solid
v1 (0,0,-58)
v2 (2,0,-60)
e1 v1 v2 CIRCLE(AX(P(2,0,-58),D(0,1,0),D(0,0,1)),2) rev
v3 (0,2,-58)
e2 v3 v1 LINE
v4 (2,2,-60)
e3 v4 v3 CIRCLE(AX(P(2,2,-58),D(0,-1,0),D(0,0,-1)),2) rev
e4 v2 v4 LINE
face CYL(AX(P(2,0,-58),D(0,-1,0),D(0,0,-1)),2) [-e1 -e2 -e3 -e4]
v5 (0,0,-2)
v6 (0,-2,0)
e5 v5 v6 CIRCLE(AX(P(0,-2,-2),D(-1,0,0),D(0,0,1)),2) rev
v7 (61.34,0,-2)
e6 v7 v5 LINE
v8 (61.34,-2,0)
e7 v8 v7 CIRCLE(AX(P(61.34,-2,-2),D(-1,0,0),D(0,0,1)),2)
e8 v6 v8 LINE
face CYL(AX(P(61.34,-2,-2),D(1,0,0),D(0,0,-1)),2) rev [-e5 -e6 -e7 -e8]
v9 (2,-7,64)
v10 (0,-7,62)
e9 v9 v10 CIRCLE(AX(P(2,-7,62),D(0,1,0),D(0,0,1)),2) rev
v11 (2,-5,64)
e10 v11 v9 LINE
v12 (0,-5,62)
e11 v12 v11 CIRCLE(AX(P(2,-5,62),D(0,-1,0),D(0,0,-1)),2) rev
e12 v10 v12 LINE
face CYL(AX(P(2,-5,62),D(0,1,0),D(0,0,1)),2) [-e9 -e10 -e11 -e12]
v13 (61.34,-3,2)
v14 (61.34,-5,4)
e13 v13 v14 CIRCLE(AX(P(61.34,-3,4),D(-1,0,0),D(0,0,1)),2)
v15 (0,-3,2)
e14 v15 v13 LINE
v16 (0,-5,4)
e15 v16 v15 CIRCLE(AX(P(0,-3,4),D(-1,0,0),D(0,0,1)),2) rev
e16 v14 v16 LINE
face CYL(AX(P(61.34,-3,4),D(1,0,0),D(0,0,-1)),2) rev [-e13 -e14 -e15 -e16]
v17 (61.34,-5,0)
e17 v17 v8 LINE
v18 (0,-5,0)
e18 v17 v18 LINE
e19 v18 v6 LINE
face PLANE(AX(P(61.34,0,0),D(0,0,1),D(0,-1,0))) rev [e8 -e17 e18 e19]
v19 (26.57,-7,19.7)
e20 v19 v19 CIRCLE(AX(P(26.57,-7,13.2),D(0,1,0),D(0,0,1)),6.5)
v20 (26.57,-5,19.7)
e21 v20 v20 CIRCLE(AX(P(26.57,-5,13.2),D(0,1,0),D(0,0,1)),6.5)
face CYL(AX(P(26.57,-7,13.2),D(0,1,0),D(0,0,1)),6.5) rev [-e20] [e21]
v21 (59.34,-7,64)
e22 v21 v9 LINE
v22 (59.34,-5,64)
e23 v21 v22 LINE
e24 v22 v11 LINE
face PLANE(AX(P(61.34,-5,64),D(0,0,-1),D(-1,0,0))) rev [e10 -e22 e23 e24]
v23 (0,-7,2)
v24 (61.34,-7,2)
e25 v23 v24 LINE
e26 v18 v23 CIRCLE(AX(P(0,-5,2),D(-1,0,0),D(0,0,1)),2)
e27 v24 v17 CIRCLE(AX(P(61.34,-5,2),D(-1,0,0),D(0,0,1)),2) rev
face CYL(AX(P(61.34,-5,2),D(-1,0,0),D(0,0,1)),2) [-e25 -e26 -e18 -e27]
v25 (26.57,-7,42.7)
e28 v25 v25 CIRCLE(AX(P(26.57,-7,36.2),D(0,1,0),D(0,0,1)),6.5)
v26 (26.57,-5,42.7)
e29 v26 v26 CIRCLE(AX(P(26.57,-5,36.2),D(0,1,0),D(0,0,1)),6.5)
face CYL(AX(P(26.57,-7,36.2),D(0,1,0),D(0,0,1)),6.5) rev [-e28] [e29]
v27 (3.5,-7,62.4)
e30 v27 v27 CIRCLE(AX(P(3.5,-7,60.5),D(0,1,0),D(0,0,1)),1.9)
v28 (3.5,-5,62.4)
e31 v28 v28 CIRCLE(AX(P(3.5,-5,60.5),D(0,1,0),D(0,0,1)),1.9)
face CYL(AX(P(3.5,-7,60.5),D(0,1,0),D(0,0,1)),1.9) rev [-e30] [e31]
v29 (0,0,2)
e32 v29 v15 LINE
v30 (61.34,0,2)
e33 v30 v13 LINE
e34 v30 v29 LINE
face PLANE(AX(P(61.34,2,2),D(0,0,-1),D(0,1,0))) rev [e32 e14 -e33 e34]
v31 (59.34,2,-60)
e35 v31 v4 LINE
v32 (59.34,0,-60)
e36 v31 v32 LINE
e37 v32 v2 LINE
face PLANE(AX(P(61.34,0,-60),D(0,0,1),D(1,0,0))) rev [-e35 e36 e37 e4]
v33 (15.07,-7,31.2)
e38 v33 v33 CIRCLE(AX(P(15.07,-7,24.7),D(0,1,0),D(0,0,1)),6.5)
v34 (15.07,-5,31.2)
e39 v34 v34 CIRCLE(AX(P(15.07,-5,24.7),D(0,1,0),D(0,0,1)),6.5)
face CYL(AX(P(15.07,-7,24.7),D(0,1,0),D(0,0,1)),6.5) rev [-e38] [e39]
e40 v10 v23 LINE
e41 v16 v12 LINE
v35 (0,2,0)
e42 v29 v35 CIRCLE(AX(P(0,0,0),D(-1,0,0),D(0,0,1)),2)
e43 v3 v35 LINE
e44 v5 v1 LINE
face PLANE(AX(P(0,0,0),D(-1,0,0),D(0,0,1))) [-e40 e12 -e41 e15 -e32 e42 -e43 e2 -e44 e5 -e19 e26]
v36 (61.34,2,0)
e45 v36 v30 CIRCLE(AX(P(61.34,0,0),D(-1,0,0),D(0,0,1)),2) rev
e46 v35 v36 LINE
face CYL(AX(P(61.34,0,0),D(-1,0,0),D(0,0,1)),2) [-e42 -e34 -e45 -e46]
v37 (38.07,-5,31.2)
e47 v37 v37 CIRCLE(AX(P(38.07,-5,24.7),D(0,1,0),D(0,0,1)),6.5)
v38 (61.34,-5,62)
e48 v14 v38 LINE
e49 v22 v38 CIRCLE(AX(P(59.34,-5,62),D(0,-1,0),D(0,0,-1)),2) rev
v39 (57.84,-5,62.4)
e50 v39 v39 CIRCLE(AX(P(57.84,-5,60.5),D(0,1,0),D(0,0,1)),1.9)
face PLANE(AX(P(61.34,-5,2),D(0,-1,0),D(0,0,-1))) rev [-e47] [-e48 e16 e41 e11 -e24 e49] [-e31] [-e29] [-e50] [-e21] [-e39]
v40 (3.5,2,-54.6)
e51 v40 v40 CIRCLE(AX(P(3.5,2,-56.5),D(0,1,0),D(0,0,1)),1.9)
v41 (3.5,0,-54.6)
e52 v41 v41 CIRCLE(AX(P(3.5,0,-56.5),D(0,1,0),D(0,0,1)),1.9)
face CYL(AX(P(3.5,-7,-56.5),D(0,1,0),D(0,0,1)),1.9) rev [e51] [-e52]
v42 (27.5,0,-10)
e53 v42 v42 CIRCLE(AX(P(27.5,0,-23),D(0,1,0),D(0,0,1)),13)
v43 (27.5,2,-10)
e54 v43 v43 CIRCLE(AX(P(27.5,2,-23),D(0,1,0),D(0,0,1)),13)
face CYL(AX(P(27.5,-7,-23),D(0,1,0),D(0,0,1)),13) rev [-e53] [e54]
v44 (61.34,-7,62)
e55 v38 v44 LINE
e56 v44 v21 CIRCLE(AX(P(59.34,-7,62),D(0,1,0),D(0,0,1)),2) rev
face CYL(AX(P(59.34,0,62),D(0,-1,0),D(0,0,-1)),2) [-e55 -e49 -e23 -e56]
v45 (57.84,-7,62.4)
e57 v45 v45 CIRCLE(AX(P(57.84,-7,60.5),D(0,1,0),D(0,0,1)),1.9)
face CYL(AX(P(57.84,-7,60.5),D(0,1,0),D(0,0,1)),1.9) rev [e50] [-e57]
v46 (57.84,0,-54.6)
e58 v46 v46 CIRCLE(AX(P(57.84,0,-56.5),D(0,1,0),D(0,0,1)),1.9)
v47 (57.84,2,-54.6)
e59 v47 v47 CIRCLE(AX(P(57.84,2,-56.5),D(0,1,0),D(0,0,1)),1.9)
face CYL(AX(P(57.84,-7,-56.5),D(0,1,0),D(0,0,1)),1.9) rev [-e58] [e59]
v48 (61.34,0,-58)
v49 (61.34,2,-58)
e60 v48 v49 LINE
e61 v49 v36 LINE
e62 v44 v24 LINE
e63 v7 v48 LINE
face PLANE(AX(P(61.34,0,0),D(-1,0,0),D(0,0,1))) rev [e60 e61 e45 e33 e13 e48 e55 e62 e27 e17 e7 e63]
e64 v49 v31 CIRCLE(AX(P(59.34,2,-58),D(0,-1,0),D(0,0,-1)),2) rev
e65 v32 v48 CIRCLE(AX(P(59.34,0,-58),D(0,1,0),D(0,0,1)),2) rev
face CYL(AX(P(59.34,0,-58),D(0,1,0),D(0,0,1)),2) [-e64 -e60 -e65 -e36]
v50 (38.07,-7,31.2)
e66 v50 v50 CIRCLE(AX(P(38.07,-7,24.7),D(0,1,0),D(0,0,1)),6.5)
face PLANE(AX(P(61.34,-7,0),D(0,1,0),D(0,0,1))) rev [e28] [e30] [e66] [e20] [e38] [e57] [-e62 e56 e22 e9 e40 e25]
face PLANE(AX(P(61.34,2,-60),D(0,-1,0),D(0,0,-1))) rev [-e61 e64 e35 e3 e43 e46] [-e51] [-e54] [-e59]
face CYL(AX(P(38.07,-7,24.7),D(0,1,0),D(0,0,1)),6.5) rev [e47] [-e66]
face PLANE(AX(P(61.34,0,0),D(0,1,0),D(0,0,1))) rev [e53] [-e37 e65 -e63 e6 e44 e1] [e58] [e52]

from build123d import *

# Parameters (mm, degrees)
BOSS_EXTRUDE1_DEPTH = 61.34
SKETCH3_R           = 13
SKETCH3_R_2         = 1.9
CUT_EXTRUDE1_DEPTH  = 90.104408421
SKETCH4_R           = 6.5
SKETCH4_R_2         = 1.9
CUT_EXTRUDE2_DEPTH  = 89.924662496
FILLET1_R           = 2
FILLET3_R           = 2


with BuildPart() as part:
    # Sketch2 → Boss-Extrude1 (new body)
    with BuildSketch(Plane(origin=(0, 0, 0), x_dir=(0, 0, -1), z_dir=(1, 0, 0))):
        Polygon((0, 0), (60, 0), (60, 2), (-2, 2), (-2, -5), (-64, -5), (-64, -7), (0, -7), align=None)
    extrude(amount=BOSS_EXTRUDE1_DEPTH)

    # Sketch3 → Cut-Extrude1 (cut, through all)
    with BuildSketch(Plane(origin=(0, 2, 0), x_dir=(1, 0, 0), z_dir=(0, 1, 0))):
        with Locations(Location((27.5, 23, 0), (0, 0, 270))):
            Circle(SKETCH3_R)
        with Locations(Location((57.84, 56.5, 0), (0, 0, 270))):
            Circle(SKETCH3_R_2)
        with Locations(Location((3.5, 56.5, 0), (0, 0, 270))):
            Circle(SKETCH3_R_2)
    extrude(amount=-CUT_EXTRUDE1_DEPTH, mode=Mode.SUBTRACT)

    # Sketch4 → Cut-Extrude2 (cut, through all)
    with BuildSketch(Plane(origin=(0, -5, 0), x_dir=(1, 0, 0), z_dir=(0, 1, 0))):
        with Locations(Location((38.07, -24.7, 0), (0, 0, 270))):
            Circle(SKETCH4_R)
        with Locations(Location((26.57, -36.2, 0), (0, 0, 270))):
            Circle(SKETCH4_R)
        with Locations(Location((15.07, -24.7, 0), (0, 0, 270))):
            Circle(SKETCH4_R)
        with Locations(Location((26.57, -13.2, 0), (0, 0, 270))):
            Circle(SKETCH4_R)
        with Locations(Location((57.84, -60.5, 0), (0, 0, 270))):
            Circle(SKETCH4_R_2)
        with Locations(Location((3.5, -60.5, 0), (0, 0, 270))):
            Circle(SKETCH4_R_2)
    extrude(amount=-CUT_EXTRUDE2_DEPTH, mode=Mode.SUBTRACT)

    # Fillet1
    fillet1_edges = [part.edges().sort_by_distance(p)[0] for p in [
        (30.67, -7, 0),
        (30.67, -5, 2),
        (30.67, 2, 2),
        (30.67, 0, 0),
    ]]
    fillet(fillet1_edges, radius=FILLET1_R)

    # Fillet3
    fillet3_edges = [part.edges().sort_by_distance(p)[0] for p in [
        (0, 1, -60),
        (61.34, 1, -60),
        (61.34, -6, 64),
        (0, -6, 64),
    ]]
    fillet(fillet3_edges, radius=FILLET3_R)


solid = part.part
